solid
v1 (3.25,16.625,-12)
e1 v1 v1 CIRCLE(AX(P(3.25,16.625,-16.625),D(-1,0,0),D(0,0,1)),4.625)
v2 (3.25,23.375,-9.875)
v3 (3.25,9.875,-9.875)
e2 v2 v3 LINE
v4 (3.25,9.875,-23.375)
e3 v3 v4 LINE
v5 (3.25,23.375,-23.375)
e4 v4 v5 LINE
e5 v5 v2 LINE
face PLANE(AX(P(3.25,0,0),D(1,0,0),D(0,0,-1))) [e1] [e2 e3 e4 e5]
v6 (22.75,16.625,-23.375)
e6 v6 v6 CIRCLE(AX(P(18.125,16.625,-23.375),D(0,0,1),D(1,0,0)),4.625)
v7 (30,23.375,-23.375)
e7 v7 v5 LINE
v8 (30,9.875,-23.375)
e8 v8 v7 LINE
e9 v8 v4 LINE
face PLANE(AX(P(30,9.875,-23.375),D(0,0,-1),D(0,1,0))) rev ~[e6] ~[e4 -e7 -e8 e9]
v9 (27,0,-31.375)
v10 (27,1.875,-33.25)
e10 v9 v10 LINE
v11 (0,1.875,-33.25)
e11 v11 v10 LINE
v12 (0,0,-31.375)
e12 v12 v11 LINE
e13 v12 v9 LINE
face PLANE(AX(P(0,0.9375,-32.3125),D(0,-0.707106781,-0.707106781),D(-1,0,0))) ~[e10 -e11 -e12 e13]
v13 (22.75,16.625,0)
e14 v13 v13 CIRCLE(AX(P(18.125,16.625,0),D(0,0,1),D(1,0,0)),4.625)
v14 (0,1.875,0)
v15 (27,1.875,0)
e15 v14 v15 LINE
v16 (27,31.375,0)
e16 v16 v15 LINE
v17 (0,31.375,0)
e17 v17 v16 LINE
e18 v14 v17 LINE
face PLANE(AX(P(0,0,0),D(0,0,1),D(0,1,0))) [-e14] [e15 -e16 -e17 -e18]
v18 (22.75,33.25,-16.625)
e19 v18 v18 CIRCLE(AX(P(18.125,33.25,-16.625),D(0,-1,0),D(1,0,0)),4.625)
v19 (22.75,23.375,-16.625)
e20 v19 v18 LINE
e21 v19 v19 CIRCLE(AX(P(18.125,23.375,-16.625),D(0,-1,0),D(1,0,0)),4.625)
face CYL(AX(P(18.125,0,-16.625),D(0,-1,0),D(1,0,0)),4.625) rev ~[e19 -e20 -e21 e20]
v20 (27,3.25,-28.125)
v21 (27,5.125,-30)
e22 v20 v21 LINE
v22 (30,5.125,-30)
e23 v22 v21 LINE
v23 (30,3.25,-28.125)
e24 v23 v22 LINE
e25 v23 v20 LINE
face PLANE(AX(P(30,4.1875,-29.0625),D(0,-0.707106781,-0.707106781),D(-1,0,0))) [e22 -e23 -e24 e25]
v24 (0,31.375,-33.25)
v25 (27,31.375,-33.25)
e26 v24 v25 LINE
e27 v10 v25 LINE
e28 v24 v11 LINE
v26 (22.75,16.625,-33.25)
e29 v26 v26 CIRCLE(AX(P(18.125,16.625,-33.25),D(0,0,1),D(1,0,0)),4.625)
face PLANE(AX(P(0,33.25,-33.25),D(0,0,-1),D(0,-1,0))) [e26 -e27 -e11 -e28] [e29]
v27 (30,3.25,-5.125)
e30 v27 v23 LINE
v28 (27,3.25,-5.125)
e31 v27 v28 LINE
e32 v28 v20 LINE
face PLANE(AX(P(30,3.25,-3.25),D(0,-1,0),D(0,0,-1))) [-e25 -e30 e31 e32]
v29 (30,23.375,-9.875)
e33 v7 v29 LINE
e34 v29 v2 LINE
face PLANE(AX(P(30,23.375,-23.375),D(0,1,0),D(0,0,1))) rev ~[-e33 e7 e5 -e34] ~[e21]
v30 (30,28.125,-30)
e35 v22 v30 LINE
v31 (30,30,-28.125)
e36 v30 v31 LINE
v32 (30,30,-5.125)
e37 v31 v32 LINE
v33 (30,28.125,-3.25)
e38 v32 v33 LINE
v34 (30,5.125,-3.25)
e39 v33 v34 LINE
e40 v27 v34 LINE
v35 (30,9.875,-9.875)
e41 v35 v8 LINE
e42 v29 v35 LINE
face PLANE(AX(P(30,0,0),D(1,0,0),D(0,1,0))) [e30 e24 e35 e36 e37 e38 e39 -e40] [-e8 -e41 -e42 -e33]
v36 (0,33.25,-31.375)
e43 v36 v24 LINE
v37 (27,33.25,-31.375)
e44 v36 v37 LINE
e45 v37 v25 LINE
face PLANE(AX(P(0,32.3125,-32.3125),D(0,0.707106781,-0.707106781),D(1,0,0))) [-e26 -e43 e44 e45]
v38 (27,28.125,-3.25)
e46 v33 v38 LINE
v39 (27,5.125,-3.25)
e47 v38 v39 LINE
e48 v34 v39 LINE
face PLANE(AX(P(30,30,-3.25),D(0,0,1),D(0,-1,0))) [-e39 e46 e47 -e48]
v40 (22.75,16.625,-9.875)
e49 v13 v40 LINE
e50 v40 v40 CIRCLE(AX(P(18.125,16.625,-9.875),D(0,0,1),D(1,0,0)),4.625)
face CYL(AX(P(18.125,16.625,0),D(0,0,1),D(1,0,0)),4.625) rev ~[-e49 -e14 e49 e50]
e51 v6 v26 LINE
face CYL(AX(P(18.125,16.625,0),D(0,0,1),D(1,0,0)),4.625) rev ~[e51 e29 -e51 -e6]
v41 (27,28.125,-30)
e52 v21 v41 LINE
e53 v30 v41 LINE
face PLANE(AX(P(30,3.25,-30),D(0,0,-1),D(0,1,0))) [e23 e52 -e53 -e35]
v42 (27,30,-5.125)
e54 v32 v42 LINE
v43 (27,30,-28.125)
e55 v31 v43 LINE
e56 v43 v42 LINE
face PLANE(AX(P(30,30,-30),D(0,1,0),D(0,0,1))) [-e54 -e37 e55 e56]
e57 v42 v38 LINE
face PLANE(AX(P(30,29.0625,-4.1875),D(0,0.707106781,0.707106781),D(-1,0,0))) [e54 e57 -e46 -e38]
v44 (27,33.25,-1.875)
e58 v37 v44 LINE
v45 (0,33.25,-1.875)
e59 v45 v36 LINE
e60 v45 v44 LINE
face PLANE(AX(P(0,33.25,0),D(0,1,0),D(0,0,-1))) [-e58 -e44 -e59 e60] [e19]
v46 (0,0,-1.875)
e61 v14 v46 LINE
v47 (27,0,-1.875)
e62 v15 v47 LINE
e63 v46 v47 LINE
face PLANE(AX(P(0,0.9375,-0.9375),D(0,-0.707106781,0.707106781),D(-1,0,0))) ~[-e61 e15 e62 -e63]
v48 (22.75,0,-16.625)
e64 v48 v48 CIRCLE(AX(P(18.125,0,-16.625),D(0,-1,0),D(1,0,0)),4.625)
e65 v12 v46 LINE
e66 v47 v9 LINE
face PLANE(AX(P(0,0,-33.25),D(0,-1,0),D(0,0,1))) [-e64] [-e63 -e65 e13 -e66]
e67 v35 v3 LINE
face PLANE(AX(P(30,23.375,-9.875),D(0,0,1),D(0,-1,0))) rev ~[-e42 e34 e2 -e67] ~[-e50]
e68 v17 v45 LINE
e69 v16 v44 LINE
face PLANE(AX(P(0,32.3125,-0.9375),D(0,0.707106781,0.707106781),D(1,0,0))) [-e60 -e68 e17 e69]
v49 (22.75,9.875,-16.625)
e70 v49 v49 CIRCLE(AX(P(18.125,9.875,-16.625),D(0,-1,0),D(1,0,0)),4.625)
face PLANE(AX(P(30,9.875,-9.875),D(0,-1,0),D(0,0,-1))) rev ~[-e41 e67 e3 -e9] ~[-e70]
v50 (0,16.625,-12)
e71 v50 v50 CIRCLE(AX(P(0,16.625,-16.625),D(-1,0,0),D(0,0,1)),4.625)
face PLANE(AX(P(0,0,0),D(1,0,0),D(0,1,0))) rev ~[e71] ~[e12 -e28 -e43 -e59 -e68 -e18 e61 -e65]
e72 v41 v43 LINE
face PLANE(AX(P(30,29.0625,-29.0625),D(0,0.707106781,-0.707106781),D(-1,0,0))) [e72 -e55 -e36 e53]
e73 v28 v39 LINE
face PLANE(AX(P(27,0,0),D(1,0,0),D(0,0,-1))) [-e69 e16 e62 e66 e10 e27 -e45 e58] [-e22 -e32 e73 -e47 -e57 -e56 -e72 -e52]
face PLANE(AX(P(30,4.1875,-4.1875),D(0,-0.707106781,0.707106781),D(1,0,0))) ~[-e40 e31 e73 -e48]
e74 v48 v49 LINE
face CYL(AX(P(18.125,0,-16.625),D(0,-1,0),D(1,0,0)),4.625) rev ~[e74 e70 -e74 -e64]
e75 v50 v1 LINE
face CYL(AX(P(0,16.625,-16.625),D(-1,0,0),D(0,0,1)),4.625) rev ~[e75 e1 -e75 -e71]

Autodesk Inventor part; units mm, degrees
ref_plane "YZ Plane" through (0, 0, 0) normal (1, 0, 0) x (0, 1, 0)
ref_plane "XZ Plane" through (0, 0, 0) normal (0, 1, 0) x (-1, 0, 0)
ref_plane "XY Plane" through (0, 0, 0) normal (0, 0, 1) x (1, 0, 0)
sketch "Sketch1" plane through (0, 0, 0) normal (1, 0, 0) x (0, 1, 0)
  line L0 (0, 0) -> (33.25, 0)
  line L1 (33.25, 0) -> (33.25, -33.25)
  line L2 (33.25, -33.25) -> (0, -33.25)
  line L3 (0, -33.25) -> (0, 0)
  dimension "d0" = 33.25
  dimension "d1" = 33.25
extrude "Extrusion1" add sketch "Sketch1" along normal blind 30
sketch "Sketch2" plane through (30, 0, 0) normal (1, 0, 0) x (0, 0, -1)
  line L0 (3.25, 3.25) -> (30, 3.25)
  line L1 (30, 3.25) -> (30, 30)
  line L2 (30, 30) -> (3.25, 30)
  line L3 (3.25, 30) -> (3.25, 3.25)
  point P0 (0, 0)
  dimension "d4" = 26.75
  dimension "d5" = 26.75
sketch "Sketch3" plane through (30, 0, 0) normal (1, 0, 0) x (0, 0, -1)
  line L0 (33.25, 0) -> (33.25, 33.25) projected
  line L1 (0, 0) -> (33.25, 0)
  line L2 (33.25, 0) -> (33.25, 33.25)
  line L3 (33.25, 33.25) -> (0, 33.25)
  line L4 (0, 33.25) -> (0, 0)
sketch "Sketch4" plane through (30, 0, 0) normal (1, 0, 0) x (0, 0, -1)
  line L0 (3.25, 3.25) -> (30, 3.25)
  line L1 (30, 3.25) -> (30, 30)
  line L2 (30, 30) -> (3.25, 30)
  line L3 (3.25, 30) -> (3.25, 3.25)
  line L4 (0, 33.25) -> (0, 0) projected
  line L5 (33.25, 0) -> (33.25, 33.25) projected
  line L6 (0, 0) -> (33.25, 0)
  line L7 (33.25, 0) -> (33.25, 33.25)
  line L8 (33.25, 33.25) -> (0, 33.25)
  line L9 (0, 33.25) -> (0, 0)
  dimension "d6" = 26.75
  dimension "d7" = 26.75
extrude "Extrusion2" cut sketch "Sketch4" against normal blind 3
chamfer "Chamfer1" distance 1.875 angle 45 8 edges at (13.5, 33.25, 0) (13.5, 33.25, -33.25) (28.5, 30, -3.25) (28.5, 30, -30) (28.5, 3.25, -3.25) (13.5, 0, 0) (28.5, 3.25, -30) (13.5, 0, -33.25)
sketch "Sketch5" plane through (30, 0, 0) normal (1, 0, 0) x (0, 0, -1)
  line L0 (9.875, 9.875) -> (23.375, 9.875)
  line L1 (23.375, 9.875) -> (23.375, 23.375)
  line L2 (23.375, 23.375) -> (9.875, 23.375)
  line L3 (9.875, 23.375) -> (9.875, 9.875)
  line L4 (28.125, 30) -> (5.125, 30) projected
  line L5 (30, 5.125) -> (30, 28.125) projected
  line L6 (3.25, 3.25) -> (30, 3.25)
  line L7 (30, 3.25) -> (30, 30)
  line L8 (30, 30) -> (3.25, 30)
  line L9 (3.25, 30) -> (3.25, 3.25)
  point P0 (0, 0)
  dimension "d13" = 13.5
  dimension "d14" = 13.5
  dimension "d15" = 6.625
  dimension "d16" = 6.625
extrude "Extrusion3" cut sketch "Sketch5" against normal blind 26.75 contours L3 L2 L1 L0
sketch "Sketch6" plane through (0, 1.875, 0) normal (0, 0, 1) x (1, 0, 0)
  point P0 (0, -1.875)
sketch "Sketch7" plane through (0, 1.875, 0) normal (0, 0, 1) x (1, 0, 0)
  circle A0 centre (18.125, 14.75) radius 4.625
  point P0 (0, -1.875)
  dimension "d19" = 9.25
extrude "Extrusion4" cut sketch "Sketch7" against normal blind 33.25
sketch "Sketch8" plane through (0, 0, -31.375) normal (0, -1, 0) x (1, 0, 0)
  circle A0 centre (18.125, 14.75) radius 4.625
  point P0 (0, 31.375)
  dimension "d22" = 9.25
extrude "Extrusion5" cut sketch "Sketch8" against normal blind 33.25
thread "Thread1" size "M10x1.5" class "6H" standard "ANSI Metric M Profile" full length
thread "Thread2" size "M10x1.5" class "6H" standard "ANSI Metric M Profile" full length
thread "Thread3" size "M10x1.5" class "6H" standard "ANSI Metric M Profile" full length
thread "Thread4" size "M10x1.5" class "6H" standard "ANSI Metric M Profile" full length
sketch "Sketch9" plane through (0, 0, 0) normal (-1, 0, 0) x (0, 0, 1)
  circle A0 centre (-16.625, 16.625) radius 4.625
  point P0 (0, 0)
  dimension "d33" = 9.25
extrude "Extrusion6" cut sketch "Sketch9" against normal blind 10
thread "Thread5" size "M10x1.5" class "6H" standard "ANSI Metric M Profile" full length
properties part number "cuvette holder blockBASE_with_bottom_drain"
